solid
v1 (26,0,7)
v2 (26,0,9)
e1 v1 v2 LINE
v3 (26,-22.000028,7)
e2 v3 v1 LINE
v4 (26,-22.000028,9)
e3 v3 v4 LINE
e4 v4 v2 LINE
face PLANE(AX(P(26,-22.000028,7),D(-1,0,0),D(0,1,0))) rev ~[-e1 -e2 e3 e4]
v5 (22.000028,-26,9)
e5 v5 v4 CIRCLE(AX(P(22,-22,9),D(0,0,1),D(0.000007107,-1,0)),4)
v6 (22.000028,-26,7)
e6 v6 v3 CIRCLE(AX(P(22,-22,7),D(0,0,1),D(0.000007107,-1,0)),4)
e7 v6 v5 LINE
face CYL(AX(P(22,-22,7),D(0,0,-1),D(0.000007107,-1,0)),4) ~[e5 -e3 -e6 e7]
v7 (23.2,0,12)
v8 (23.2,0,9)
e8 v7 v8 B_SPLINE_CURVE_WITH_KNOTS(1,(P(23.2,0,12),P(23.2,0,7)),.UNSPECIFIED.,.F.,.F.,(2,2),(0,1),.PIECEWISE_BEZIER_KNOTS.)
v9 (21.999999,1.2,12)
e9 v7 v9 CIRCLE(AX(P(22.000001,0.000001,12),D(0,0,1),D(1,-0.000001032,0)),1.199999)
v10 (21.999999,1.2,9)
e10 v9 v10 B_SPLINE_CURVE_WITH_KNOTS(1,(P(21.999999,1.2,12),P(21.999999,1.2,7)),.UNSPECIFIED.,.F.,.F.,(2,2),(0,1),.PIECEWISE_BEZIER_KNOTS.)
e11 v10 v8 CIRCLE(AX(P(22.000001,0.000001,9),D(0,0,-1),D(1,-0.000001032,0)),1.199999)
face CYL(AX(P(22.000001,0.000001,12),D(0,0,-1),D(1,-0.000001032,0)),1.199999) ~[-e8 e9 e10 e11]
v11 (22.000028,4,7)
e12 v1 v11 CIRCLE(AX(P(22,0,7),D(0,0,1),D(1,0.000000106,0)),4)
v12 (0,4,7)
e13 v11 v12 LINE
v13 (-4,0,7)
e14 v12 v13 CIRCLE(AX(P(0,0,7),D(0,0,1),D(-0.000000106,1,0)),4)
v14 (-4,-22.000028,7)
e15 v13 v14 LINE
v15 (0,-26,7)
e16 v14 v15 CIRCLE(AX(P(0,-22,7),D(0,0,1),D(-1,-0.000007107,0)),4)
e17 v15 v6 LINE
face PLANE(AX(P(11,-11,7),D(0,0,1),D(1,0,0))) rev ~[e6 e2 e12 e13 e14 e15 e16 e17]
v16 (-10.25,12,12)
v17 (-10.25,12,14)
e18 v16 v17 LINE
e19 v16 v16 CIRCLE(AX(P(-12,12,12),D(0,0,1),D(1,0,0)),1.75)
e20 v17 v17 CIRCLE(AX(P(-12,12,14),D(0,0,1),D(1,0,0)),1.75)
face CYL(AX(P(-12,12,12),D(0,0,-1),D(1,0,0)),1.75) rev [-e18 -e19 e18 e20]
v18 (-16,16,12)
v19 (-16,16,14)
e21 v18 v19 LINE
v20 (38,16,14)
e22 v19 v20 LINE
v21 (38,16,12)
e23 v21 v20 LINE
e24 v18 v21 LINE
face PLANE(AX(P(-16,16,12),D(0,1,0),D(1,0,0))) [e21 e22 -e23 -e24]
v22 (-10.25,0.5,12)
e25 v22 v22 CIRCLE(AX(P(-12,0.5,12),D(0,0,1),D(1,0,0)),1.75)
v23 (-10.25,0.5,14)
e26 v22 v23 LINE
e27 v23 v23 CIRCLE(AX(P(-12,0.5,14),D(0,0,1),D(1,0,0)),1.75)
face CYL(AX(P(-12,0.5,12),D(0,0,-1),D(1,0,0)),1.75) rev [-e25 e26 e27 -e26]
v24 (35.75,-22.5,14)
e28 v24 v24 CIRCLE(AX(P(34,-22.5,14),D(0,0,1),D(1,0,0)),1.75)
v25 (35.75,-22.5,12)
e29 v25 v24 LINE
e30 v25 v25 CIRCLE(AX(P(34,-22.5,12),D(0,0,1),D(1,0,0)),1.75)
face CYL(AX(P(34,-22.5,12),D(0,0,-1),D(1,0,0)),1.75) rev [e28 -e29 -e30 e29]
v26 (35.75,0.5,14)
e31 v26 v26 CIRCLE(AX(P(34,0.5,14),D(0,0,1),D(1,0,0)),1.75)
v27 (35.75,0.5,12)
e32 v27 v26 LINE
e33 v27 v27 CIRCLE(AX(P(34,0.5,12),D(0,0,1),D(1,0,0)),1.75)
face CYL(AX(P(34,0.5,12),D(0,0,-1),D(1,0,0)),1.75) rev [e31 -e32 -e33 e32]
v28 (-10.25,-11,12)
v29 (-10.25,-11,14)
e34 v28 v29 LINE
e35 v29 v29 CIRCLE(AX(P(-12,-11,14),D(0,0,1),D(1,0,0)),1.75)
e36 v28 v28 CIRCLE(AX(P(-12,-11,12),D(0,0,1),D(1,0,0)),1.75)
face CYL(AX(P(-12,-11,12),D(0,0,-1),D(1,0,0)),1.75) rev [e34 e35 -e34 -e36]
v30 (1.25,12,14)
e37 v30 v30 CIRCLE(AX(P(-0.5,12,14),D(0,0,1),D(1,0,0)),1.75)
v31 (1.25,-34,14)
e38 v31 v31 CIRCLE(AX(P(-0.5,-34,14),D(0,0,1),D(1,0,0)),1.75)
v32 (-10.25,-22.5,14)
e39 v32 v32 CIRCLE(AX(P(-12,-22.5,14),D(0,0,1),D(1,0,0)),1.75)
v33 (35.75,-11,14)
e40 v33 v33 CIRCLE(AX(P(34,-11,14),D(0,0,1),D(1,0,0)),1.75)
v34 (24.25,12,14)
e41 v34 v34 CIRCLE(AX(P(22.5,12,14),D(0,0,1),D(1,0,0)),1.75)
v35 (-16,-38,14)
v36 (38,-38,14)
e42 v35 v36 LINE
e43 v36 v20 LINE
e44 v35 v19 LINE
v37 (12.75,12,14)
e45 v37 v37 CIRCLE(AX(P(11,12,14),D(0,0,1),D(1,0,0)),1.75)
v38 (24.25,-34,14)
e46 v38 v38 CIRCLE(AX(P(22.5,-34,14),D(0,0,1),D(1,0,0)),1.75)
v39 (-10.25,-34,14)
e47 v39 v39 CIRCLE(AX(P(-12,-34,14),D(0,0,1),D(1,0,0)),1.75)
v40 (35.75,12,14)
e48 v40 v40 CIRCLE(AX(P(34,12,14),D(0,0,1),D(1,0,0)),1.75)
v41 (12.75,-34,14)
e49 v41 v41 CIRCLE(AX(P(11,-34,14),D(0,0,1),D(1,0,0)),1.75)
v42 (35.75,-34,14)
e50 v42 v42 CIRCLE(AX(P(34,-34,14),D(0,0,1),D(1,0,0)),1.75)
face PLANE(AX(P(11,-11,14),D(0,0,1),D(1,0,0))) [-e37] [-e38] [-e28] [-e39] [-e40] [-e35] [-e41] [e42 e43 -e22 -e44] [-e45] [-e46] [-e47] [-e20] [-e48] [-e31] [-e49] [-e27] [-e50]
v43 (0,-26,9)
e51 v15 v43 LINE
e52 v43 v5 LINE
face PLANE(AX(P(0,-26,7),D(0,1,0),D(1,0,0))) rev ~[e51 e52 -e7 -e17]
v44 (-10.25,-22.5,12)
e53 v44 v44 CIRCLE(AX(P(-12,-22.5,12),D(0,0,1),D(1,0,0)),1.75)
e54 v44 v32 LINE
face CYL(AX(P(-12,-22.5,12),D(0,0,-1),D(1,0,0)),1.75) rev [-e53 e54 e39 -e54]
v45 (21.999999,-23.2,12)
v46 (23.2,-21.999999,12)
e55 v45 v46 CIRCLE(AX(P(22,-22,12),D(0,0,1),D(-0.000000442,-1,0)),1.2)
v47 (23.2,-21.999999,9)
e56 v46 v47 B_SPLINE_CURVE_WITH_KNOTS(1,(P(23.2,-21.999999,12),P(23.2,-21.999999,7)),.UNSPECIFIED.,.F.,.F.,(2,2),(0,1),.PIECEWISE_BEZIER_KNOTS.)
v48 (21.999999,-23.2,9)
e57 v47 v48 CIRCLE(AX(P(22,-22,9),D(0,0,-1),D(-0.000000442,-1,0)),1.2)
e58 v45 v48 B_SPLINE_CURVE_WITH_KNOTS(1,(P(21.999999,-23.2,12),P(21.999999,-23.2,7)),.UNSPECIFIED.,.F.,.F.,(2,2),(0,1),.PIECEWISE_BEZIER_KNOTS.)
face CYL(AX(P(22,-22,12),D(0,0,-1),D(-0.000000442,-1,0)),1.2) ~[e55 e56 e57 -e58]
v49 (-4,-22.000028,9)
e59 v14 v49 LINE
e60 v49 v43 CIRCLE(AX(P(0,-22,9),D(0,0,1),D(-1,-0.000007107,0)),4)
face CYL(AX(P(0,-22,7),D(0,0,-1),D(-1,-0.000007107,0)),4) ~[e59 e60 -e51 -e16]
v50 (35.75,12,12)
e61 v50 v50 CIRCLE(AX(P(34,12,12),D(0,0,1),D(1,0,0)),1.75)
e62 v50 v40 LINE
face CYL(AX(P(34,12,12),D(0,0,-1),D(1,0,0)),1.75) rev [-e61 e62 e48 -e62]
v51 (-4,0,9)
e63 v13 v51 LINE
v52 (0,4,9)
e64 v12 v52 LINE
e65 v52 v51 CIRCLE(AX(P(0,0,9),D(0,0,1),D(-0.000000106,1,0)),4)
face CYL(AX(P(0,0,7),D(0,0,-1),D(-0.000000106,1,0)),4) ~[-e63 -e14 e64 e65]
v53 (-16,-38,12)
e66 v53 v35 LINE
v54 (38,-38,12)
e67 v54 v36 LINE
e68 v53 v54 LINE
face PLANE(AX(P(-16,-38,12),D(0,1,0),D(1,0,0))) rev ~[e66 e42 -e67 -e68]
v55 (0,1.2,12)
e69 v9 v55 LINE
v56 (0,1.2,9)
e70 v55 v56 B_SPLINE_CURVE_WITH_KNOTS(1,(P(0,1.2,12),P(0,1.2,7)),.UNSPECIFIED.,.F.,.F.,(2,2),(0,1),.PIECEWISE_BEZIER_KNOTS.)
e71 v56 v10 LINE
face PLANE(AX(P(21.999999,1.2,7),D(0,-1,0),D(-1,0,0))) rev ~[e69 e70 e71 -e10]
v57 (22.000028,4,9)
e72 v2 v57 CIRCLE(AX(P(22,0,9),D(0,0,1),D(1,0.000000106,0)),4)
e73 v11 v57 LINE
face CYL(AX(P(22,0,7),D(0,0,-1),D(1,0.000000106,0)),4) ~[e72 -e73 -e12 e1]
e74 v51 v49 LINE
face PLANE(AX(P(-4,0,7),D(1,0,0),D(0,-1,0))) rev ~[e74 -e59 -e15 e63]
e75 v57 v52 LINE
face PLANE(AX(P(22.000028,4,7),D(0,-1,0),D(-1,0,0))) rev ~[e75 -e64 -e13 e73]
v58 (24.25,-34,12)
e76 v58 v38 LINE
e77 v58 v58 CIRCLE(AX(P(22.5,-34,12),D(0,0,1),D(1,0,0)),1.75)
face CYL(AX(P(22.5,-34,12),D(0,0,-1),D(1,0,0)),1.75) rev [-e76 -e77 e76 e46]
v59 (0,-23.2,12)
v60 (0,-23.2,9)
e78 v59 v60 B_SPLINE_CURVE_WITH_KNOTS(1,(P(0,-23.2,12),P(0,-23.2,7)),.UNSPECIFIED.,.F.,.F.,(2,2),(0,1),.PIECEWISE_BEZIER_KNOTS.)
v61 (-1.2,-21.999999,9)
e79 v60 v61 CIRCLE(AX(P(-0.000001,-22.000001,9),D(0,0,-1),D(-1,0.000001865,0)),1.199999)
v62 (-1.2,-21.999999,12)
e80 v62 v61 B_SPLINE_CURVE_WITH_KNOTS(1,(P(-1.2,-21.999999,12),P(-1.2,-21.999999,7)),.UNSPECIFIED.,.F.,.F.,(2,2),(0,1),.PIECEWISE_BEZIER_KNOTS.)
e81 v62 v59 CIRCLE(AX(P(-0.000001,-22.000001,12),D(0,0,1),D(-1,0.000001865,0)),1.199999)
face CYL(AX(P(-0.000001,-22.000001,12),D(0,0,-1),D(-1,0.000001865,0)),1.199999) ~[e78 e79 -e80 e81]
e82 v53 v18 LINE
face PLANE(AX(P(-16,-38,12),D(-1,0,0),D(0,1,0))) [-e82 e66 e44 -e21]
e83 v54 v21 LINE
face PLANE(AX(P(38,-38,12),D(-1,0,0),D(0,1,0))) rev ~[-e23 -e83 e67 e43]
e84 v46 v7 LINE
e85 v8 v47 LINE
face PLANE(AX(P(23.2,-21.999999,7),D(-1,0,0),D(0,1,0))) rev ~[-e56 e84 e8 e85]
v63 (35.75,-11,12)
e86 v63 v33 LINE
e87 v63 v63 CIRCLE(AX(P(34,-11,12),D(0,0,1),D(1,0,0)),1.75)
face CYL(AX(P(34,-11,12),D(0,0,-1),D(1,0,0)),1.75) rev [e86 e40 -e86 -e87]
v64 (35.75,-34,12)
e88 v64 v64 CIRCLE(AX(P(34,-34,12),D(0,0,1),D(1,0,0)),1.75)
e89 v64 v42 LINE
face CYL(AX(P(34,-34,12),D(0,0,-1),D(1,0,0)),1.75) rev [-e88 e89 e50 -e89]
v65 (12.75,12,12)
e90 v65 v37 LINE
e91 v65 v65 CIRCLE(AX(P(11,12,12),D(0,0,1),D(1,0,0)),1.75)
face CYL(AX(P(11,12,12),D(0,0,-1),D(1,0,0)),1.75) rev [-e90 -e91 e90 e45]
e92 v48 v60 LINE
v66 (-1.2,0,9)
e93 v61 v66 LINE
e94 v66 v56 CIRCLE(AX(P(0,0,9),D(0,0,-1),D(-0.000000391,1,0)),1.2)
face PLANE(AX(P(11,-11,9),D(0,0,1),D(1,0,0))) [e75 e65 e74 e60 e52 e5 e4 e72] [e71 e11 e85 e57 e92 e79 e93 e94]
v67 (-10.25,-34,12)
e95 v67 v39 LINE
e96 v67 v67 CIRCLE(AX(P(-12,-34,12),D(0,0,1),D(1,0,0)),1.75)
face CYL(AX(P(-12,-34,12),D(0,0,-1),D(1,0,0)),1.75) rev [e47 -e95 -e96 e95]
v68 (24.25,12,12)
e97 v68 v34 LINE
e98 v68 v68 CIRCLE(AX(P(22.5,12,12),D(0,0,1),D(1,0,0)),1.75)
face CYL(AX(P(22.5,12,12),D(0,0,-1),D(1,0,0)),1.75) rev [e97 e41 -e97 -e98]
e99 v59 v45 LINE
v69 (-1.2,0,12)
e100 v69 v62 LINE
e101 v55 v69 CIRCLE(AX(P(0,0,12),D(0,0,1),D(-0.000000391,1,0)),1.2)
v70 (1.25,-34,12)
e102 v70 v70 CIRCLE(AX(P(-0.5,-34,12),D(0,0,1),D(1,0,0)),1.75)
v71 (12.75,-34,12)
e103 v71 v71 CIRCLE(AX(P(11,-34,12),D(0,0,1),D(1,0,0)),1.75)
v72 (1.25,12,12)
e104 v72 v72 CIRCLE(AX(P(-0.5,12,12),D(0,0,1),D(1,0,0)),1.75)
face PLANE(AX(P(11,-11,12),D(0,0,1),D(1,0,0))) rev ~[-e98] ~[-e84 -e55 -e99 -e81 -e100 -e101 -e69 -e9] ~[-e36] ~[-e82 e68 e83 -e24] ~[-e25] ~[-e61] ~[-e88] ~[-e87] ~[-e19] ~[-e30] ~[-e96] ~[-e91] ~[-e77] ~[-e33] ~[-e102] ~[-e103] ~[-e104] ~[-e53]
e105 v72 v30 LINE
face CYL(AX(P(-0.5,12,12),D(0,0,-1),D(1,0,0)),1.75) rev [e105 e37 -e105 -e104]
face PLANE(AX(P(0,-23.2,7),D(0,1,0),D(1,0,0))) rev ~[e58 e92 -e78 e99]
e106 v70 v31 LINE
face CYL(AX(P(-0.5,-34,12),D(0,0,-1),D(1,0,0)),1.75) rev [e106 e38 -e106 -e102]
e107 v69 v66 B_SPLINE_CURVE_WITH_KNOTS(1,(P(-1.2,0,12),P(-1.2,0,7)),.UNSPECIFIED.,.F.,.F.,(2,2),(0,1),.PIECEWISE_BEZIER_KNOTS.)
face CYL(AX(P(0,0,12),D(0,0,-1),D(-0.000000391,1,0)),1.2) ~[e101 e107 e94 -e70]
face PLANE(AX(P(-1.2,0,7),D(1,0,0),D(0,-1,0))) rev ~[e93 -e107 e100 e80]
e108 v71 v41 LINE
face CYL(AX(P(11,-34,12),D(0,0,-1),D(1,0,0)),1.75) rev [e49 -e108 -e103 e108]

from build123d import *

# Parameters (mm, degrees)
PAD003_DEPTH = 2
SKETCH013_W  = 54
SKETCH013_H  = 54
SKETCH013_R  = 1.75
PAD004_DEPTH = 2


with BuildPart() as part:
    # Sketch016 → Pad003 (new body)
    with BuildSketch(Plane.XY.offset(7)):
        with BuildLine():
            ThreePointArc((26, 0), (24.828437, 2.828417), (22.000028, 4))
            Line((22.000028, 4), (0, 4))
            ThreePointArc((0, 4), (-2.828427, 2.828427), (-4, 0))
            Line((-4, 0), (-4, -22.000028))
            ThreePointArc((-4, -22.000028), (-2.828417, -24.828437), (0, -26))
            Line((0, -26), (22.000028, -26))
            ThreePointArc((22.000028, -26), (24.828427, -24.828427), (26, -22.000028))
            Line((26, -22.000028), (26, 0))
        make_face()
    extrude(amount=PAD003_DEPTH)

    # Sketch014 → AdditiveLoft section 0
    with BuildSketch(Plane.XY.offset(12)):
        with BuildLine():
            ThreePointArc((23.2, 0), (22.848528, 0.848529), (21.999999, 1.2))
            Line((21.999999, 1.2), (0, 1.2))
            ThreePointArc((0, 1.2), (-0.848528, 0.848528), (-1.2, 0))
            Line((-1.2, 0), (-1.2, -21.999999))
            ThreePointArc((-1.2, -21.999999), (-0.848529, -22.848528), (0, -23.2))
            Line((0, -23.2), (21.999999, -23.2))
            ThreePointArc((21.999999, -23.2), (22.848528, -22.848528), (23.2, -21.999999))
            Line((23.2, -21.999999), (23.2, 0))
        make_face()
    # Sketch015 → AdditiveLoft section 1
    with BuildSketch(Plane.XY.offset(7)):
        with BuildLine():
            ThreePointArc((23.2, 0), (22.848528, 0.848529), (21.999999, 1.2))
            Line((21.999999, 1.2), (0, 1.2))
            ThreePointArc((0, 1.2), (-0.848528, 0.848528), (-1.2, 0))
            Line((-1.2, 0), (-1.2, -21.999999))
            ThreePointArc((-1.2, -21.999999), (-0.848529, -22.848528), (0, -23.2))
            Line((0, -23.2), (21.999999, -23.2))
            ThreePointArc((21.999999, -23.2), (22.848528, -22.848528), (23.2, -21.999999))
            Line((23.2, -21.999999), (23.2, 0))
        make_face()
    loft()

    # Sketch013 → Pad004 (join)
    with BuildSketch(Plane.XY.offset(12)):
        with Locations((11, -11)):
            Rectangle(SKETCH013_W, SKETCH013_H)
        with Locations((-12, 12)):
            Circle(SKETCH013_R, mode=Mode.SUBTRACT)
        with Locations((34, 12)):
            Circle(SKETCH013_R, mode=Mode.SUBTRACT)
        with Locations((34, -34)):
            Circle(SKETCH013_R, mode=Mode.SUBTRACT)
        with Locations((-12, -34)):
            Circle(SKETCH013_R, mode=Mode.SUBTRACT)
        with Locations((34, -11)):
            Circle(SKETCH013_R, mode=Mode.SUBTRACT)
        with Locations((34, 0.5)):
            Circle(SKETCH013_R, mode=Mode.SUBTRACT)
        with Locations((34, -22.5)):
            Circle(SKETCH013_R, mode=Mode.SUBTRACT)
        with Locations((22.5, -34)):
            Circle(SKETCH013_R, mode=Mode.SUBTRACT)
        with Locations((11, -34)):
            Circle(SKETCH013_R, mode=Mode.SUBTRACT)
        with Locations((-0.5, -34)):
            Circle(SKETCH013_R, mode=Mode.SUBTRACT)
        with Locations((-12, -22.5)):
            Circle(SKETCH013_R, mode=Mode.SUBTRACT)
        with Locations((-12, -11)):
            Circle(SKETCH013_R, mode=Mode.SUBTRACT)
        with Locations((-12, 0.5)):
            Circle(SKETCH013_R, mode=Mode.SUBTRACT)
        with Locations((11, 12)):
            Circle(SKETCH013_R, mode=Mode.SUBTRACT)
        with Locations((22.5, 12)):
            Circle(SKETCH013_R, mode=Mode.SUBTRACT)
        with Locations((-0.5, 12)):
            Circle(SKETCH013_R, mode=Mode.SUBTRACT)
    extrude(amount=PAD004_DEPTH)


solid = part.part
